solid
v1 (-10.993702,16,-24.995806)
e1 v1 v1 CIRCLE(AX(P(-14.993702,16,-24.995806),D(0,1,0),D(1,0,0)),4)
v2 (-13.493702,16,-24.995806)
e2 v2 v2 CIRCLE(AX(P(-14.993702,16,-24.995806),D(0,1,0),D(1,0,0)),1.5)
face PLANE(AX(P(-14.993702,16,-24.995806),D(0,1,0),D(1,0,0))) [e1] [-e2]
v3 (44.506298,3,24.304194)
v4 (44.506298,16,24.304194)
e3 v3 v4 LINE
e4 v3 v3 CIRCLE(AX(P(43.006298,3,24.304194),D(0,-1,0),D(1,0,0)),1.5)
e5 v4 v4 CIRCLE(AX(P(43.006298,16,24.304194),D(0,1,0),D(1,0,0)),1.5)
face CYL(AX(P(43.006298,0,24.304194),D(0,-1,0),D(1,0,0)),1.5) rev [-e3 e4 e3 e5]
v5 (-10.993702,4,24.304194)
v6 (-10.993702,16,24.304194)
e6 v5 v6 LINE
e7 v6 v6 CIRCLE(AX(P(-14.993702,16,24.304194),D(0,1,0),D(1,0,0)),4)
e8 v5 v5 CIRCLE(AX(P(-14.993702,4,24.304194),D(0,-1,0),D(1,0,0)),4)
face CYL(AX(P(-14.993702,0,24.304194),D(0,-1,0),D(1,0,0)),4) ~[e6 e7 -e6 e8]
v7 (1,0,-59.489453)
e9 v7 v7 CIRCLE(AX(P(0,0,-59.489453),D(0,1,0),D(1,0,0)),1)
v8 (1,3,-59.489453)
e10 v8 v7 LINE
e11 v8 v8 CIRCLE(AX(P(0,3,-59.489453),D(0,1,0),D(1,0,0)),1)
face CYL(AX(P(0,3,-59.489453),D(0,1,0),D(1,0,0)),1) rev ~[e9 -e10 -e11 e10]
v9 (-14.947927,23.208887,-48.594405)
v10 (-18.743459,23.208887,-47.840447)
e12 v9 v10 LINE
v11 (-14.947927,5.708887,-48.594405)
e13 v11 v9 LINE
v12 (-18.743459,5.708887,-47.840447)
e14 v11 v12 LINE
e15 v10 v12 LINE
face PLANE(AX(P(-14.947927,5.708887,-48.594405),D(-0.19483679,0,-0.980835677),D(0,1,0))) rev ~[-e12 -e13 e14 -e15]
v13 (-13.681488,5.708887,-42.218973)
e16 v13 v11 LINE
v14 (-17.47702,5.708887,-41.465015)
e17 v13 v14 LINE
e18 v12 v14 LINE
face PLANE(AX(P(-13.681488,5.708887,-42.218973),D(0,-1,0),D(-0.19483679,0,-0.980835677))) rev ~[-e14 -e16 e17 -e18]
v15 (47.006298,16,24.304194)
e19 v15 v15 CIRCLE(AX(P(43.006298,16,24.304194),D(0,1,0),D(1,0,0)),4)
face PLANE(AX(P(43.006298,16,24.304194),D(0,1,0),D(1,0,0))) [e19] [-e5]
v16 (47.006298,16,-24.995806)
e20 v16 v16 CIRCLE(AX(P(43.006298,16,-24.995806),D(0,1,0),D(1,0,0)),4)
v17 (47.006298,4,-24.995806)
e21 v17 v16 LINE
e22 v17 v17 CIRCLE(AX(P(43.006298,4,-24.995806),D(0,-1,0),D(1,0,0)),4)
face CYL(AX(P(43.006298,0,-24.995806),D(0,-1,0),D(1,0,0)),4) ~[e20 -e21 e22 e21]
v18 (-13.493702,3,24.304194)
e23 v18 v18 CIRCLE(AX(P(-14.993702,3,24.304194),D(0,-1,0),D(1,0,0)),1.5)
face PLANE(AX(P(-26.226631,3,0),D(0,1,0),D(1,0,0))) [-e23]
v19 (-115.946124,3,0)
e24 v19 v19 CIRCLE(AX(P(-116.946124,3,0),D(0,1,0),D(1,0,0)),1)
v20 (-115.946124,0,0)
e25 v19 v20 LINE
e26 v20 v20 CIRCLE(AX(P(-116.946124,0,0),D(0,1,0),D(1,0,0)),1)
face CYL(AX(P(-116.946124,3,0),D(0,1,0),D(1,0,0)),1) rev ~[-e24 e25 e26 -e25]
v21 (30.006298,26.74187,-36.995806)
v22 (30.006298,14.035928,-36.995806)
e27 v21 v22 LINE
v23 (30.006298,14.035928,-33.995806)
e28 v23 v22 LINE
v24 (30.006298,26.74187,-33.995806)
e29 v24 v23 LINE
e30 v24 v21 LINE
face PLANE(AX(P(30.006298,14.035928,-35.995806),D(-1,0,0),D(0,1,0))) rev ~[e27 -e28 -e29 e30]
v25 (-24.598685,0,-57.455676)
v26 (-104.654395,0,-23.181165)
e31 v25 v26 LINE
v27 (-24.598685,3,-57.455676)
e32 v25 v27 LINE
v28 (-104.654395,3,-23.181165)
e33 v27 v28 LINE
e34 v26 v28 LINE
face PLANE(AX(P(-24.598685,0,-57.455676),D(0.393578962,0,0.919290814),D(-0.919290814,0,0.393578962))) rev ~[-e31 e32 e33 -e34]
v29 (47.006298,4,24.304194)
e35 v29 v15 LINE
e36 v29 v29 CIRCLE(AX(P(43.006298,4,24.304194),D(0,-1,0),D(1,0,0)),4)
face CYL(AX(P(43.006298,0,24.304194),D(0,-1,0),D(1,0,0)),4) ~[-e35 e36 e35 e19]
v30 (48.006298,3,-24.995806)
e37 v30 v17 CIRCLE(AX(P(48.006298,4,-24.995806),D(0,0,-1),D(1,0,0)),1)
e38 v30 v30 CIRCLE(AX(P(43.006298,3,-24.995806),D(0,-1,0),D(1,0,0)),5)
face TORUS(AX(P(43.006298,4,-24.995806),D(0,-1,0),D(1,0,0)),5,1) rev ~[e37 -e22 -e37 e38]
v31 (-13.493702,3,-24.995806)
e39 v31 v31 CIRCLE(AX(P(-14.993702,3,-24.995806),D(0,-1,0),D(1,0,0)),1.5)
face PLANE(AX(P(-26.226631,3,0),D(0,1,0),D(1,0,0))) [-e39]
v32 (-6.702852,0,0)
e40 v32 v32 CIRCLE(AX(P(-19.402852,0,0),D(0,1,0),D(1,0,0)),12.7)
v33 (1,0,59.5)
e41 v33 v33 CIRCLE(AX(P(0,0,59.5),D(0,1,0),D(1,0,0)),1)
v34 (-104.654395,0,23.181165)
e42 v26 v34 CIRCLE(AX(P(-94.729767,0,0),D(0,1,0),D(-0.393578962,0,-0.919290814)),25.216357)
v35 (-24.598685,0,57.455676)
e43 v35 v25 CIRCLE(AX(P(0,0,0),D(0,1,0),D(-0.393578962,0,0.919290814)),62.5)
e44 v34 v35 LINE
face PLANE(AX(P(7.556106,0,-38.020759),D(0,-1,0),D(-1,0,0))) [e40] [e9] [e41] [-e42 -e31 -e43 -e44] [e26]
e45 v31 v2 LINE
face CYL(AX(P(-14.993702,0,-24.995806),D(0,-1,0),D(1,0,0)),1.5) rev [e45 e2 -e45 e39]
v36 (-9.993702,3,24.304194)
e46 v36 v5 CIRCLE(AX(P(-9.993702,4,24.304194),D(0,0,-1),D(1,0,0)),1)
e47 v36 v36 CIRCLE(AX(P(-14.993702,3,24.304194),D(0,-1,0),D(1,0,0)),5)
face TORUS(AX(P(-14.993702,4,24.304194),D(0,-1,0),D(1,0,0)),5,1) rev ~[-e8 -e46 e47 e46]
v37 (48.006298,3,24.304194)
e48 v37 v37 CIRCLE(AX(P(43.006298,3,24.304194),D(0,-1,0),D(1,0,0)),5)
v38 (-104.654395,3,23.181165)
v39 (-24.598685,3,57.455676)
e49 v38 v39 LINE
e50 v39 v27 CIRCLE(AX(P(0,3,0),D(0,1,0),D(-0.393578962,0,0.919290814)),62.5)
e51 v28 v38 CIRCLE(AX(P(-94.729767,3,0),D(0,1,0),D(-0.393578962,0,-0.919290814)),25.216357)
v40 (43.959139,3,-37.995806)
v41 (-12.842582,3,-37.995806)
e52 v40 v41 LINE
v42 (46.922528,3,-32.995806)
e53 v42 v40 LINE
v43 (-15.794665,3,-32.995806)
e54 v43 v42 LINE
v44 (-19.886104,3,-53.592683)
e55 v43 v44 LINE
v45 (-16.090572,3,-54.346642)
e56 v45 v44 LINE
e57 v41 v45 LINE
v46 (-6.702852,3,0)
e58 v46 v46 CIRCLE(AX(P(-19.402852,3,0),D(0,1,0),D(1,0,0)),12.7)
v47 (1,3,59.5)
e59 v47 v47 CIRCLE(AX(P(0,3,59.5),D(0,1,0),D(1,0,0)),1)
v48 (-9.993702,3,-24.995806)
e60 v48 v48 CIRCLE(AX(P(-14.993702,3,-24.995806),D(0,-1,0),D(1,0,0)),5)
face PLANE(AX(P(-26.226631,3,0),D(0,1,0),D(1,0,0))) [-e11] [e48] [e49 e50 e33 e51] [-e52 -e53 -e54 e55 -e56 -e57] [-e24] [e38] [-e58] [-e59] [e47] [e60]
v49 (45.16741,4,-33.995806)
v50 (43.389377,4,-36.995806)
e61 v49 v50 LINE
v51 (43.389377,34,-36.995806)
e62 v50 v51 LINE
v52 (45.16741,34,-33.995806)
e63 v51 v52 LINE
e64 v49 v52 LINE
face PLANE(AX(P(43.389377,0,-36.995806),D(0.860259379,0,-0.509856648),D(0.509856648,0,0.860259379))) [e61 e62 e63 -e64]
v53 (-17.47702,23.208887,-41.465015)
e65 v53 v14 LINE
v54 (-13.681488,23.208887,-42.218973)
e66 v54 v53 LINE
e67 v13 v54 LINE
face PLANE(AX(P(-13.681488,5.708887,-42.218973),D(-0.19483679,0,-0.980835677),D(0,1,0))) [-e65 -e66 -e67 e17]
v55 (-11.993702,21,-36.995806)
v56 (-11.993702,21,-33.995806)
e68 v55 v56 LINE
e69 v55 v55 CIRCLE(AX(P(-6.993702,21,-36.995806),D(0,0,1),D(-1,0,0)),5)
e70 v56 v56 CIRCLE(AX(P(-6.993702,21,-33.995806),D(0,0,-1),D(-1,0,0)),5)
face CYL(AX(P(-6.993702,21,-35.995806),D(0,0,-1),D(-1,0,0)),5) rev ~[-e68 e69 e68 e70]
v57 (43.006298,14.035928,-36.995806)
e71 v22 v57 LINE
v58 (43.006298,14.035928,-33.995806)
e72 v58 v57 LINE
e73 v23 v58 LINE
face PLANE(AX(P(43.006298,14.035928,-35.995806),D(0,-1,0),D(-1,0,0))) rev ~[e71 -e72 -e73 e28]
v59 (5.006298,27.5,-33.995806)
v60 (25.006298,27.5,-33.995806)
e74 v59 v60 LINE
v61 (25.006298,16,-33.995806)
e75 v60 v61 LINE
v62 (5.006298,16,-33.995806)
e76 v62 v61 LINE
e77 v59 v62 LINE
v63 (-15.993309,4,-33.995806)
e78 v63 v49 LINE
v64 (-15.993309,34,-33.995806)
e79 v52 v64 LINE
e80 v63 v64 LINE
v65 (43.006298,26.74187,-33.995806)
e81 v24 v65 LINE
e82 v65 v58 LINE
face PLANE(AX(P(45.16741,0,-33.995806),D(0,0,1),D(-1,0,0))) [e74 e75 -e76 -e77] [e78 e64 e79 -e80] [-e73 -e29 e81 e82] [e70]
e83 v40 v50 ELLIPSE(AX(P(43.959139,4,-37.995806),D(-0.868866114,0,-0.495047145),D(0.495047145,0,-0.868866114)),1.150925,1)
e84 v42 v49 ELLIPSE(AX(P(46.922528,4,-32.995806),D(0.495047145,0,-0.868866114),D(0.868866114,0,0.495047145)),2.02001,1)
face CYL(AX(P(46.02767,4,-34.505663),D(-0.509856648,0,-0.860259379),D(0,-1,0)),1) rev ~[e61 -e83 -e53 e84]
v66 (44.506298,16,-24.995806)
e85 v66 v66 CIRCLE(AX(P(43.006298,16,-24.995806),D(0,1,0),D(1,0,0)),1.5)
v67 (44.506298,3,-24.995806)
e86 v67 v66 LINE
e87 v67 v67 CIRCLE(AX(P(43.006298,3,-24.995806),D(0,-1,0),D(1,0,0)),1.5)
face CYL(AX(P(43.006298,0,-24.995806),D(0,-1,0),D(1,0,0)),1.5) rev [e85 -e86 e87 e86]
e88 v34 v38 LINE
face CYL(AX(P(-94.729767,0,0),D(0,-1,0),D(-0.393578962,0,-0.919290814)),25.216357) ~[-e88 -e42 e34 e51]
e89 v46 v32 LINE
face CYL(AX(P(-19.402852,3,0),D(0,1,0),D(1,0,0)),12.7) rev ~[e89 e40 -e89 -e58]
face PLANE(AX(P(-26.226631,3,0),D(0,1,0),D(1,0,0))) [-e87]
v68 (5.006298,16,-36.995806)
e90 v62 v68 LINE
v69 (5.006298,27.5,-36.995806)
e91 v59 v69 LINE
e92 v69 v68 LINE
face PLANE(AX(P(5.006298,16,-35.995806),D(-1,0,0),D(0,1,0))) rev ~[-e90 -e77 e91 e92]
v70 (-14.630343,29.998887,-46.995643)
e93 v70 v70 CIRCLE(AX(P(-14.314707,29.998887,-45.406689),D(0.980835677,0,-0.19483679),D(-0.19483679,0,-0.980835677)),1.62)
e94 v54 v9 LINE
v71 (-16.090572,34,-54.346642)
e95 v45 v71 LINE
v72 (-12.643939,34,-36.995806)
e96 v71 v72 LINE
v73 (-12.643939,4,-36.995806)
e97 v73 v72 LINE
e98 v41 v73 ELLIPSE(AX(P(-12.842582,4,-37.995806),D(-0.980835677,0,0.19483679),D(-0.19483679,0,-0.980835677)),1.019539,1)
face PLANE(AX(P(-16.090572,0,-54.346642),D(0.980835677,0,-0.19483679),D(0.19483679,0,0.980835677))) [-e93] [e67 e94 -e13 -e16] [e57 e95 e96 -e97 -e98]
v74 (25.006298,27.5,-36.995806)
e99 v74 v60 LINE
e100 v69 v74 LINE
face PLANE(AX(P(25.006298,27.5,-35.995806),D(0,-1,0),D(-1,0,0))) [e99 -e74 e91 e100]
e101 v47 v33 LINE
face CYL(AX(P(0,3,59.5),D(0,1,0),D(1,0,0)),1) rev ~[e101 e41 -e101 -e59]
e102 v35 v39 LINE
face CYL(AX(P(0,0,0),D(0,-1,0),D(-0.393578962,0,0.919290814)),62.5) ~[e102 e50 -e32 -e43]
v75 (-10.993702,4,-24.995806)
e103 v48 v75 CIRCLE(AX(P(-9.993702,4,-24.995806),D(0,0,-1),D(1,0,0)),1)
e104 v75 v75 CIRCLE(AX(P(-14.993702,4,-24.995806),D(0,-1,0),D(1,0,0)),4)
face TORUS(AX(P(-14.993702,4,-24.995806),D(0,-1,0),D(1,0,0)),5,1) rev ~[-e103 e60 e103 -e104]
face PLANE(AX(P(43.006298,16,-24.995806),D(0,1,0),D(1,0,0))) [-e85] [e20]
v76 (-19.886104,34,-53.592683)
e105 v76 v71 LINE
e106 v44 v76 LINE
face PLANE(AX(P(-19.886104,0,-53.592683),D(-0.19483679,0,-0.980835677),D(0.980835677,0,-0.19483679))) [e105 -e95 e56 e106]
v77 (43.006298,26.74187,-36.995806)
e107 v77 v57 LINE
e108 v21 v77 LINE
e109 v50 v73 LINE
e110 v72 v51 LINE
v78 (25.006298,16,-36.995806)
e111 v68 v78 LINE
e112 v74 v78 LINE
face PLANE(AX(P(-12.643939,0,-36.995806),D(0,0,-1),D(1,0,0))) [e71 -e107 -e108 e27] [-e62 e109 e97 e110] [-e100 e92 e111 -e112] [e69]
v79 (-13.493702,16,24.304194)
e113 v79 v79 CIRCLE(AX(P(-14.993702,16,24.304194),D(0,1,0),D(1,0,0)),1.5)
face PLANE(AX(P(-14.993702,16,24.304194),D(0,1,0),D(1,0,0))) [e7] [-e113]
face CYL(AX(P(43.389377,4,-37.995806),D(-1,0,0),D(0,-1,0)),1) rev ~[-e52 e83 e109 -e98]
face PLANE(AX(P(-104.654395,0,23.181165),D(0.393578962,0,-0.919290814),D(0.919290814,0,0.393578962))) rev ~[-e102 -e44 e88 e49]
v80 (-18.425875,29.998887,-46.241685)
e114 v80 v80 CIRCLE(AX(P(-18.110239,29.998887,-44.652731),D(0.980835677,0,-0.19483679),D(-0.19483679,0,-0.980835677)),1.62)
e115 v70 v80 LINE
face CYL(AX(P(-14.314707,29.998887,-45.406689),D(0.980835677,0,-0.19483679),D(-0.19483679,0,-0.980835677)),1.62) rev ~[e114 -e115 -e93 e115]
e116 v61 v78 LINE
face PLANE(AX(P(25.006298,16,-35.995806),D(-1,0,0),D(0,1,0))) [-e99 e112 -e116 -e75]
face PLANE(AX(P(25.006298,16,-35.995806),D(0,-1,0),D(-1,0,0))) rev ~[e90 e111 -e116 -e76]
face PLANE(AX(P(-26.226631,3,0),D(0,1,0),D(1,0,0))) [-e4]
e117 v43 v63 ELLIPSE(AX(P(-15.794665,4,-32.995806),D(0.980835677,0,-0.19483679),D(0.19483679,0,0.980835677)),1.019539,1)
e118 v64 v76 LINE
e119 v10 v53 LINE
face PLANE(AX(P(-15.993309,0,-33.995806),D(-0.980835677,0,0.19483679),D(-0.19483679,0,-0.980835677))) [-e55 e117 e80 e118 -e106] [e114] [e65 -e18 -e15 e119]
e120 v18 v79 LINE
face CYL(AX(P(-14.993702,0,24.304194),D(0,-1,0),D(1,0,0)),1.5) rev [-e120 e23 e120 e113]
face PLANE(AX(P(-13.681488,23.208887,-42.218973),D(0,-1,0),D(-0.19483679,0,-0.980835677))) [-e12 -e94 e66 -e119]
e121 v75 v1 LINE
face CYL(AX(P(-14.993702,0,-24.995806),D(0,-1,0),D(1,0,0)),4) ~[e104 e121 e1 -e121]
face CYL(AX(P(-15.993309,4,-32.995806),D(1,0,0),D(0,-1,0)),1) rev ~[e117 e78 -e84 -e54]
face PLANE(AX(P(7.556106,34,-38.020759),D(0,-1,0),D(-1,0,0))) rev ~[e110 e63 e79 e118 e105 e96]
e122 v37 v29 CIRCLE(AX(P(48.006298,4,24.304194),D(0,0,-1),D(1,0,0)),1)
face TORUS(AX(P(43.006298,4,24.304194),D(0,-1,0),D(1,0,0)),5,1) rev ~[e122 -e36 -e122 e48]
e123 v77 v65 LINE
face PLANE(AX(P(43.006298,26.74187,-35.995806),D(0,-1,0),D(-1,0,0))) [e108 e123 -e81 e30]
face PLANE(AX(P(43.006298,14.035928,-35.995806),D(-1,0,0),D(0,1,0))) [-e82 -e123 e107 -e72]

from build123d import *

# Parameters (mm, degrees)
BOSS_EXTRUDE1_DEPTH     = 3
SKETCH2_R               = 4
SKETCH2_R_2             = 1.5
BOSS_EXTRUDE2_DEPTH     = 16
BOSS_EXTRUDE4_DEPTH     = 34
SKETCH6_R               = 5
SKETCH6_W               = 13
SKETCH6_H               = 12.705942109
SKETCH6_W_2             = 20
SKETCH6_H_2             = 11.5
CUT_EXTRUDE1_DEPTH      = 10
CUT_EXTRUDE1_DEPTH_BACK = 5
SKETCH9_R               = 12.7
CUT_EXTRUDE3_DEPTH      = 8
SKETCH10_R              = 1
CUT_EXTRUDE4_DEPTH      = 10
FILLET1_R               = 1
SKETCH11_R              = 1.62
SKETCH11_W              = 6.5
SKETCH11_H              = 17.5
CUT_EXTRUDE5_DEPTH      = 10


with BuildPart() as part:
    # Sketch1 → Boss-Extrude1 (new body)
    with BuildSketch(Plane(origin=(0, 0, 0), x_dir=(1, 0, 0), z_dir=(0, 1, 0))):
        with BuildLine():
            Line((-104.6543947, -23.181164953), (-24.598685103, -57.455675883))
            ThreePointArc((-24.598685103, -57.455675883), (62.5, 0), (-24.598685103, 57.455675883))
            Line((-24.598685103, 57.455675883), (-104.6543947, 23.181164953))
            ThreePointArc((-104.6543947, 23.181164953), (-119.94612383, 0), (-104.6543947, -23.181164953))
        make_face()
    extrude(amount=BOSS_EXTRUDE1_DEPTH)

    # Sketch2 → Boss-Extrude2 (add)
    with BuildSketch(Plane(origin=(0, 0, 0), x_dir=(1, 0, 0), z_dir=(0, 1, 0))):
        with Locations((-14.993702206, -24.304194143)):
            Circle(SKETCH2_R)
        with Locations((-14.993702206, -24.304194143)):
            Circle(SKETCH2_R_2, mode=Mode.SUBTRACT)
        with Locations((43.006297794, -24.304194143)):
            Circle(SKETCH2_R)
        with Locations((43.006297794, -24.304194143)):
            Circle(SKETCH2_R_2, mode=Mode.SUBTRACT)
        with Locations((-14.993702206, 24.995805857)):
            Circle(SKETCH2_R)
        with Locations((-14.993702206, 24.995805857)):
            Circle(SKETCH2_R_2, mode=Mode.SUBTRACT)
        with Locations((43.006297794, 24.995805857)):
            Circle(SKETCH2_R)
        with Locations((43.006297794, 24.995805857)):
            Circle(SKETCH2_R_2, mode=Mode.SUBTRACT)
    extrude(amount=BOSS_EXTRUDE2_DEPTH)

    # Sketch3 → Boss-Extrude4 (add)
    with BuildSketch(Plane(origin=(0, 0, 0), x_dir=(1, 0, 0), z_dir=(0, 1, 0))):
        Polygon((-15.993308679, 33.995805857), (-19.886104129, 53.592683168), (-16.090572218, 54.346641522), (-12.643938704, 36.995805857), (43.389376911, 36.995805857), (45.167410352, 33.995805857), align=None)
    extrude(amount=BOSS_EXTRUDE4_DEPTH)

    # Sketch6 → Cut-Extrude1 (cut, two sides)
    with BuildSketch(Plane(origin=(0, 0, -35.995805857), x_dir=(-1, 0, 0), z_dir=(0, 0, -1))) as cut_extrude1_sk:
        with Locations((6.993702206, 21)):
            Circle(SKETCH6_R)
        with Locations((-36.506297794, 20.388898665)):
            Rectangle(SKETCH6_W, SKETCH6_H)
        with Locations((-15.006297794, 21.75)):
            Rectangle(SKETCH6_W_2, SKETCH6_H_2)
    extrude(amount=CUT_EXTRUDE1_DEPTH, mode=Mode.SUBTRACT)
    extrude(cut_extrude1_sk.sketch, amount=-CUT_EXTRUDE1_DEPTH_BACK, mode=Mode.SUBTRACT)

    # Sketch9 → Cut-Extrude3 (cut)
    with BuildSketch(Plane(origin=(0, 3, 0), x_dir=(1, 0, 0), z_dir=(0, 1, 0))):
        with Locations((-19.402851724, 0)):
            Circle(SKETCH9_R)
    extrude(amount=-CUT_EXTRUDE3_DEPTH, mode=Mode.SUBTRACT)

    # Sketch10 → Cut-Extrude4 (cut)
    with BuildSketch(Plane(origin=(0, 3, 0), x_dir=(1, 0, 0), z_dir=(0, 1, 0))):
        with Locations((-116.94612383, 0)):
            Circle(SKETCH10_R)
        with Locations((0, -59.5)):
            Circle(SKETCH10_R)
        with Locations((0, 59.489452719)):
            Circle(SKETCH10_R)
    extrude(amount=-CUT_EXTRUDE4_DEPTH, mode=Mode.SUBTRACT)

    # Fillet1
    fillet1_edges = [part.edges().sort_by_distance(p)[0] for p in [
        (-18.993702206, 3, 24.304194143),
        (39.006297794, 3, 24.304194143),
        (-18.993702206, 3, -24.995805857),
        (39.006297794, 3, -24.995805857),
        (14.587050836, 3, -33.995805857),
        (44.278393631, 3, -35.495805857),
        (15.372719104, 3, -36.995805857),
    ]]
    fillet(fillet1_edges, radius=FILLET1_R)

    # Sketch11 → Cut-Extrude5 (cut)
    with BuildSketch(Plane(origin=(-5.09395257, 0, 1.011881387), x_dir=(-0.19483679, 0, -0.980835677), z_dir=(0.980835677, 0, -0.19483679))):
        with Locations((47.325532424, 29.998886712)):
            Circle(SKETCH11_R)
        with Locations((47.325532424, 14.458886712)):
            Rectangle(SKETCH11_W, SKETCH11_H)
    extrude(amount=-CUT_EXTRUDE5_DEPTH, mode=Mode.SUBTRACT)


solid = part.part
